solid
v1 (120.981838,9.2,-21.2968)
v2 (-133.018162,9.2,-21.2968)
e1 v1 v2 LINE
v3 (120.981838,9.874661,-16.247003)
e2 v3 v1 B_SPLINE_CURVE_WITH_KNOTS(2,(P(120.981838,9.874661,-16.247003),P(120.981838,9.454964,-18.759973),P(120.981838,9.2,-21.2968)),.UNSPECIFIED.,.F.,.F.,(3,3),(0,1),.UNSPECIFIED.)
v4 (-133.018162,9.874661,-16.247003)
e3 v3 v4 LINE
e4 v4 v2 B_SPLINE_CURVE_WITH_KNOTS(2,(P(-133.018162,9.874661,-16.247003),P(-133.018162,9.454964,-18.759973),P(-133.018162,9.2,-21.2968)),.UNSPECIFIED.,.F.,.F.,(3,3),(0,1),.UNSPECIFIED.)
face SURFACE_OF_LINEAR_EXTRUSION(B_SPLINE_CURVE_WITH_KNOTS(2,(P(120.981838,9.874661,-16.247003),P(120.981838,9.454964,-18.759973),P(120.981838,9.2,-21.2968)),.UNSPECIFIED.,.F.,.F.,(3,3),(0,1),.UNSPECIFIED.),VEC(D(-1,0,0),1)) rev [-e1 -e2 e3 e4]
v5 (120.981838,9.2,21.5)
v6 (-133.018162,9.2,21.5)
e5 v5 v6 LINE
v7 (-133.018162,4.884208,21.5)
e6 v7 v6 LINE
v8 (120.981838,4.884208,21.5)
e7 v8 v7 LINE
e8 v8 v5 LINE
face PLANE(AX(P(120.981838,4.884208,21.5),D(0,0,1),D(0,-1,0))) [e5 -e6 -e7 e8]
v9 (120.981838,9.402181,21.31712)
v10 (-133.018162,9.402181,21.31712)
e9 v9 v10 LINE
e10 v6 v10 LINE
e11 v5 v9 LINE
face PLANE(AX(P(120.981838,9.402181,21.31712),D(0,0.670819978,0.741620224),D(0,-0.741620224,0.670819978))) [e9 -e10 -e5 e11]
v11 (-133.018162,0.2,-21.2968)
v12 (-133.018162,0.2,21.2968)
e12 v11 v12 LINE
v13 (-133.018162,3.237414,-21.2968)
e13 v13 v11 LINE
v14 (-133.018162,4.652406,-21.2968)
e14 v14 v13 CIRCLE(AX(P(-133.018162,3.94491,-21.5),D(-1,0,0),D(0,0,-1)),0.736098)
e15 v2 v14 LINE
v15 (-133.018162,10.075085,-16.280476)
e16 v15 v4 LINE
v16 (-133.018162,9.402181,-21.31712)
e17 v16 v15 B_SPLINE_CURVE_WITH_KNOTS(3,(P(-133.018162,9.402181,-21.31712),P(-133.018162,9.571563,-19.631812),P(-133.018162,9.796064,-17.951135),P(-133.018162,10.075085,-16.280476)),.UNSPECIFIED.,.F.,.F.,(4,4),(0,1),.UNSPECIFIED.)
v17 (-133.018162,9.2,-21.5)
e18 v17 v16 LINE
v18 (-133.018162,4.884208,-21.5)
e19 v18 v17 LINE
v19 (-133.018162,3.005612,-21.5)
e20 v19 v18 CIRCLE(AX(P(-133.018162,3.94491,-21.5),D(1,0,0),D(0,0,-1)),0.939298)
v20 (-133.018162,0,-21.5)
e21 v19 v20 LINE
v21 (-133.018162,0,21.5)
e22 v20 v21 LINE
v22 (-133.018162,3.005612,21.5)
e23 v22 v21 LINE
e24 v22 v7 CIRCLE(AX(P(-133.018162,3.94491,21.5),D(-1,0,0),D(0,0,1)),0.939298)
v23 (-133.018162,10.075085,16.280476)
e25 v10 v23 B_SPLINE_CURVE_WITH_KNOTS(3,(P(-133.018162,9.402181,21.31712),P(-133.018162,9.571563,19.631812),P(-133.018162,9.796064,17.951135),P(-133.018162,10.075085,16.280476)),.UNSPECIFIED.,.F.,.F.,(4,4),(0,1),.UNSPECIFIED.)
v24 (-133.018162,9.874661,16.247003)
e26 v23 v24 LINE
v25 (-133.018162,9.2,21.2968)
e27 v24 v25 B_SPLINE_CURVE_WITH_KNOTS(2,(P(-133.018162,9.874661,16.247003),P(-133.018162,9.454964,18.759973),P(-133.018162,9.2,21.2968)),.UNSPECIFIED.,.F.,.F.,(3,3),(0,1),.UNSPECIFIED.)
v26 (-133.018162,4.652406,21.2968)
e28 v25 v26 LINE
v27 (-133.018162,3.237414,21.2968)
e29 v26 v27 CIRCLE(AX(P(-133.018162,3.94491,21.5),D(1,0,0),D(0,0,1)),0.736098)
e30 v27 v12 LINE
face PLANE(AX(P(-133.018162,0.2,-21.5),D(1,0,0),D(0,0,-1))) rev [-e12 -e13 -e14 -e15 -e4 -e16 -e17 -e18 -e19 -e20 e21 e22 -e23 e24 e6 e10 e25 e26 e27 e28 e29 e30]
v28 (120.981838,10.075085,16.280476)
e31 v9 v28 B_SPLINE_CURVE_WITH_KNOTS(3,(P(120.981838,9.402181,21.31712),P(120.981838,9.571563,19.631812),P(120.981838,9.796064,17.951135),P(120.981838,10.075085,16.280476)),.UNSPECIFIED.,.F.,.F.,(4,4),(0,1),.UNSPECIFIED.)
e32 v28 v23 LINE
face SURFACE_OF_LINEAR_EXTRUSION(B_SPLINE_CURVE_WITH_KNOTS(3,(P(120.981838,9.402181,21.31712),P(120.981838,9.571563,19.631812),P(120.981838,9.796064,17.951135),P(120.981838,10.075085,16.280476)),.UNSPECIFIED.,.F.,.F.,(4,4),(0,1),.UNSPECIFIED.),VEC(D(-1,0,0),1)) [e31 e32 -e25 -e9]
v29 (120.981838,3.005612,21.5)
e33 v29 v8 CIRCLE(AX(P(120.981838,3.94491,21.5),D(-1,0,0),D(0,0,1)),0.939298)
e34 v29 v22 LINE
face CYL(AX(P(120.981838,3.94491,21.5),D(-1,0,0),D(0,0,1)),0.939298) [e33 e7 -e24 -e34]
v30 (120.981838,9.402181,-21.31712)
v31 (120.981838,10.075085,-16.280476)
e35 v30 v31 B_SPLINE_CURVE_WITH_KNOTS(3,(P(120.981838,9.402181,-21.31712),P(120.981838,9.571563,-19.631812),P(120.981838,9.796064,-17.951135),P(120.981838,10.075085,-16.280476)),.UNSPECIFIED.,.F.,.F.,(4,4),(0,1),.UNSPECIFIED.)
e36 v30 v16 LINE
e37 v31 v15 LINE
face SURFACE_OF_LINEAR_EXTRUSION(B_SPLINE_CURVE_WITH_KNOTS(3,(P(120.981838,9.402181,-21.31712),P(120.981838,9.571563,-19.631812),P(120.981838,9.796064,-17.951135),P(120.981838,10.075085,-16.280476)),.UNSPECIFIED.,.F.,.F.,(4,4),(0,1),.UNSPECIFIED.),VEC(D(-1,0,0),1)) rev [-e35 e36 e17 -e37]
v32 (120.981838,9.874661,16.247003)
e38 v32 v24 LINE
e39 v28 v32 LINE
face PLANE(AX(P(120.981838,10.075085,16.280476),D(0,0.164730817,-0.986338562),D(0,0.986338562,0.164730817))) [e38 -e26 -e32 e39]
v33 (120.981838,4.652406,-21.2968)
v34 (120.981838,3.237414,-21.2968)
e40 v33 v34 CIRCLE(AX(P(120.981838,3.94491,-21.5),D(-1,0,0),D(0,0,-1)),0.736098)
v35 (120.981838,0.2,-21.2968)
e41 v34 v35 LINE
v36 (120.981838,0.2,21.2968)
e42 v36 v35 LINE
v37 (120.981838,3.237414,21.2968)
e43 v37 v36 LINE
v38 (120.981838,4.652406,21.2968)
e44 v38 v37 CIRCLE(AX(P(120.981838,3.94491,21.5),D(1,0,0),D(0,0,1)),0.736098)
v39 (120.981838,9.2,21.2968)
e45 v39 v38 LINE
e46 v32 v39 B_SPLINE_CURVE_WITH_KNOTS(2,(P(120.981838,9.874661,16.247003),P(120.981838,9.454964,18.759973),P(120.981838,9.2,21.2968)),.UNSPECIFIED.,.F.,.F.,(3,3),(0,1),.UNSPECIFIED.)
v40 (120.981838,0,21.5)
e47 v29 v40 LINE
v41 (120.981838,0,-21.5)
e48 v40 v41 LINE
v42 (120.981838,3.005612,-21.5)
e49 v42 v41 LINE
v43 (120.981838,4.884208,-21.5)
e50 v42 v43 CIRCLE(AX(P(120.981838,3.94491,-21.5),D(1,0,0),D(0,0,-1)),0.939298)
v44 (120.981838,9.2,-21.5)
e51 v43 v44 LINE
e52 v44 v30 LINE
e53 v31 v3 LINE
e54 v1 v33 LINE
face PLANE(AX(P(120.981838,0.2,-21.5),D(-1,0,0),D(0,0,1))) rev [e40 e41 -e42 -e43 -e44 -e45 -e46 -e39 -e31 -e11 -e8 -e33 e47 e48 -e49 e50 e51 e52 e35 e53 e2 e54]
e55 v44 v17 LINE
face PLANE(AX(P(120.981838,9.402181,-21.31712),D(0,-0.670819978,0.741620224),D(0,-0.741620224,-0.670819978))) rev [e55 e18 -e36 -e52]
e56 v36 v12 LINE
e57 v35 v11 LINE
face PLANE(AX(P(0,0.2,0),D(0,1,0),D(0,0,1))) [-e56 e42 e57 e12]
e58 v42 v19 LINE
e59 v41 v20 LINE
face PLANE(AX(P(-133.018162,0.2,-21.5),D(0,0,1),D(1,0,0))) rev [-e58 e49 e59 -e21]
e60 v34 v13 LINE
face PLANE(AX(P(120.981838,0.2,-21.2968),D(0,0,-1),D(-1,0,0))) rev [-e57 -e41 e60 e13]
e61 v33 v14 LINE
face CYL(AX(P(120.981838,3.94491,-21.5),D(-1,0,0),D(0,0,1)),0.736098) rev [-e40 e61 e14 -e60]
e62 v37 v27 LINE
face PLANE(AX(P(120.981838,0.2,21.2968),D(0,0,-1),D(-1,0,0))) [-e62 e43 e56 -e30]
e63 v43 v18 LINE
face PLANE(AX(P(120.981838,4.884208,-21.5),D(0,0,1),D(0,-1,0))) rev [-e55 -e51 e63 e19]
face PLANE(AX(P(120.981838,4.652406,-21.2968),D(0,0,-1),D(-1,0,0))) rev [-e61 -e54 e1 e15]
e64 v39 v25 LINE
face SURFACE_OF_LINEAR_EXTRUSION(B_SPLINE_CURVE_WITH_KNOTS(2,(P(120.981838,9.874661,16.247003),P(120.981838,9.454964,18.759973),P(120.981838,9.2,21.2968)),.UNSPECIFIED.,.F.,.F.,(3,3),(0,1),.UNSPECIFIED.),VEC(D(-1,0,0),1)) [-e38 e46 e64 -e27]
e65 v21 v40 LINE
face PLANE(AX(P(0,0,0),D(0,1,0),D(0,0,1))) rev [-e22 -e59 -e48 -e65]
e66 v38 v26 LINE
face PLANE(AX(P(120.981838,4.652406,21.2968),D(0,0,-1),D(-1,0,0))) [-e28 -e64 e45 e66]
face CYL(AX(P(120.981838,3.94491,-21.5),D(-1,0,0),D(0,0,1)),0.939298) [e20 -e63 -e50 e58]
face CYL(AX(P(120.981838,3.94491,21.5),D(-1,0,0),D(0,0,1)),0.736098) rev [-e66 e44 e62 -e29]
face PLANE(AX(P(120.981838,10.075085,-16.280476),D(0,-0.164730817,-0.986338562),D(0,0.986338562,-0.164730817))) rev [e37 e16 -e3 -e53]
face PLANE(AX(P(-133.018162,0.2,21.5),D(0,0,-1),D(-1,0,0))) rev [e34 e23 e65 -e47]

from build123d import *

# Parameters (mm, degrees)
SKETCH1_W           = 254
SKETCH1_H           = 43
BOSS_EXTRUDE1_DEPTH = 0.2
BOSS_EXTRUDE2_DEPTH = 254


with BuildPart() as part:
    # Sketch1 → Boss-Extrude1 (new body)
    with BuildSketch(Plane(origin=(0, 0, 0), x_dir=(1, 0, 0), z_dir=(0, 1, 0))):
        with Locations((-6.018162295, 0)):
            Rectangle(SKETCH1_W, SKETCH1_H)
    extrude(amount=BOSS_EXTRUDE1_DEPTH)

    # Sketch4 → Boss-Extrude2 (add)
    with BuildSketch(Plane(origin=(-133.018162295, 0, 0), x_dir=(0, 0, -1), z_dir=(1, 0, 0))):
        with BuildLine():
            Line((21.5, 0.2), (21.5, 3.005611905))
            ThreePointArc((21.5, 3.005611905), (22.439298034, 3.944909939), (21.5, 4.884207973))
            Line((21.5, 4.884207973), (21.5, 9.2))
            Line((21.5, 9.2), (21.317120226, 9.402181424))
            add(Edge.make_bspline(
                [(21.317120226, 9.402181424), (19.631812119, 9.571563167), (17.951135022, 9.796064061), (16.280476178, 10.075084883)],
                knots=[0, 0, 0, 0, 1, 1, 1, 1], degree=3))
            Line((16.280476178, 10.075084883), (16.247002876, 9.874660887))
            add(Edge.make_bspline(
                [(21.2968, 9.2), (18.759973351, 9.454963539), (16.247002876, 9.874660887)],
                knots=[0, 0, 0, 1, 1, 1], degree=2))
            Line((21.2968, 9.2), (21.2968, 4.652405576))
            ThreePointArc((21.2968, 4.652405576), (22.236098034, 3.944909939), (21.2968, 3.237414303))
            Line((21.2968, 3.237414303), (21.2968, 0.2))
            Line((21.2968, 0.2), (21.5, 0.2))
        make_face()
    boss_extrude2 = extrude(amount=BOSS_EXTRUDE2_DEPTH)

    # Mirror1: Boss-Extrude2 across plane
    add(boss_extrude2.mirror(Plane.XY))


solid = part.part
